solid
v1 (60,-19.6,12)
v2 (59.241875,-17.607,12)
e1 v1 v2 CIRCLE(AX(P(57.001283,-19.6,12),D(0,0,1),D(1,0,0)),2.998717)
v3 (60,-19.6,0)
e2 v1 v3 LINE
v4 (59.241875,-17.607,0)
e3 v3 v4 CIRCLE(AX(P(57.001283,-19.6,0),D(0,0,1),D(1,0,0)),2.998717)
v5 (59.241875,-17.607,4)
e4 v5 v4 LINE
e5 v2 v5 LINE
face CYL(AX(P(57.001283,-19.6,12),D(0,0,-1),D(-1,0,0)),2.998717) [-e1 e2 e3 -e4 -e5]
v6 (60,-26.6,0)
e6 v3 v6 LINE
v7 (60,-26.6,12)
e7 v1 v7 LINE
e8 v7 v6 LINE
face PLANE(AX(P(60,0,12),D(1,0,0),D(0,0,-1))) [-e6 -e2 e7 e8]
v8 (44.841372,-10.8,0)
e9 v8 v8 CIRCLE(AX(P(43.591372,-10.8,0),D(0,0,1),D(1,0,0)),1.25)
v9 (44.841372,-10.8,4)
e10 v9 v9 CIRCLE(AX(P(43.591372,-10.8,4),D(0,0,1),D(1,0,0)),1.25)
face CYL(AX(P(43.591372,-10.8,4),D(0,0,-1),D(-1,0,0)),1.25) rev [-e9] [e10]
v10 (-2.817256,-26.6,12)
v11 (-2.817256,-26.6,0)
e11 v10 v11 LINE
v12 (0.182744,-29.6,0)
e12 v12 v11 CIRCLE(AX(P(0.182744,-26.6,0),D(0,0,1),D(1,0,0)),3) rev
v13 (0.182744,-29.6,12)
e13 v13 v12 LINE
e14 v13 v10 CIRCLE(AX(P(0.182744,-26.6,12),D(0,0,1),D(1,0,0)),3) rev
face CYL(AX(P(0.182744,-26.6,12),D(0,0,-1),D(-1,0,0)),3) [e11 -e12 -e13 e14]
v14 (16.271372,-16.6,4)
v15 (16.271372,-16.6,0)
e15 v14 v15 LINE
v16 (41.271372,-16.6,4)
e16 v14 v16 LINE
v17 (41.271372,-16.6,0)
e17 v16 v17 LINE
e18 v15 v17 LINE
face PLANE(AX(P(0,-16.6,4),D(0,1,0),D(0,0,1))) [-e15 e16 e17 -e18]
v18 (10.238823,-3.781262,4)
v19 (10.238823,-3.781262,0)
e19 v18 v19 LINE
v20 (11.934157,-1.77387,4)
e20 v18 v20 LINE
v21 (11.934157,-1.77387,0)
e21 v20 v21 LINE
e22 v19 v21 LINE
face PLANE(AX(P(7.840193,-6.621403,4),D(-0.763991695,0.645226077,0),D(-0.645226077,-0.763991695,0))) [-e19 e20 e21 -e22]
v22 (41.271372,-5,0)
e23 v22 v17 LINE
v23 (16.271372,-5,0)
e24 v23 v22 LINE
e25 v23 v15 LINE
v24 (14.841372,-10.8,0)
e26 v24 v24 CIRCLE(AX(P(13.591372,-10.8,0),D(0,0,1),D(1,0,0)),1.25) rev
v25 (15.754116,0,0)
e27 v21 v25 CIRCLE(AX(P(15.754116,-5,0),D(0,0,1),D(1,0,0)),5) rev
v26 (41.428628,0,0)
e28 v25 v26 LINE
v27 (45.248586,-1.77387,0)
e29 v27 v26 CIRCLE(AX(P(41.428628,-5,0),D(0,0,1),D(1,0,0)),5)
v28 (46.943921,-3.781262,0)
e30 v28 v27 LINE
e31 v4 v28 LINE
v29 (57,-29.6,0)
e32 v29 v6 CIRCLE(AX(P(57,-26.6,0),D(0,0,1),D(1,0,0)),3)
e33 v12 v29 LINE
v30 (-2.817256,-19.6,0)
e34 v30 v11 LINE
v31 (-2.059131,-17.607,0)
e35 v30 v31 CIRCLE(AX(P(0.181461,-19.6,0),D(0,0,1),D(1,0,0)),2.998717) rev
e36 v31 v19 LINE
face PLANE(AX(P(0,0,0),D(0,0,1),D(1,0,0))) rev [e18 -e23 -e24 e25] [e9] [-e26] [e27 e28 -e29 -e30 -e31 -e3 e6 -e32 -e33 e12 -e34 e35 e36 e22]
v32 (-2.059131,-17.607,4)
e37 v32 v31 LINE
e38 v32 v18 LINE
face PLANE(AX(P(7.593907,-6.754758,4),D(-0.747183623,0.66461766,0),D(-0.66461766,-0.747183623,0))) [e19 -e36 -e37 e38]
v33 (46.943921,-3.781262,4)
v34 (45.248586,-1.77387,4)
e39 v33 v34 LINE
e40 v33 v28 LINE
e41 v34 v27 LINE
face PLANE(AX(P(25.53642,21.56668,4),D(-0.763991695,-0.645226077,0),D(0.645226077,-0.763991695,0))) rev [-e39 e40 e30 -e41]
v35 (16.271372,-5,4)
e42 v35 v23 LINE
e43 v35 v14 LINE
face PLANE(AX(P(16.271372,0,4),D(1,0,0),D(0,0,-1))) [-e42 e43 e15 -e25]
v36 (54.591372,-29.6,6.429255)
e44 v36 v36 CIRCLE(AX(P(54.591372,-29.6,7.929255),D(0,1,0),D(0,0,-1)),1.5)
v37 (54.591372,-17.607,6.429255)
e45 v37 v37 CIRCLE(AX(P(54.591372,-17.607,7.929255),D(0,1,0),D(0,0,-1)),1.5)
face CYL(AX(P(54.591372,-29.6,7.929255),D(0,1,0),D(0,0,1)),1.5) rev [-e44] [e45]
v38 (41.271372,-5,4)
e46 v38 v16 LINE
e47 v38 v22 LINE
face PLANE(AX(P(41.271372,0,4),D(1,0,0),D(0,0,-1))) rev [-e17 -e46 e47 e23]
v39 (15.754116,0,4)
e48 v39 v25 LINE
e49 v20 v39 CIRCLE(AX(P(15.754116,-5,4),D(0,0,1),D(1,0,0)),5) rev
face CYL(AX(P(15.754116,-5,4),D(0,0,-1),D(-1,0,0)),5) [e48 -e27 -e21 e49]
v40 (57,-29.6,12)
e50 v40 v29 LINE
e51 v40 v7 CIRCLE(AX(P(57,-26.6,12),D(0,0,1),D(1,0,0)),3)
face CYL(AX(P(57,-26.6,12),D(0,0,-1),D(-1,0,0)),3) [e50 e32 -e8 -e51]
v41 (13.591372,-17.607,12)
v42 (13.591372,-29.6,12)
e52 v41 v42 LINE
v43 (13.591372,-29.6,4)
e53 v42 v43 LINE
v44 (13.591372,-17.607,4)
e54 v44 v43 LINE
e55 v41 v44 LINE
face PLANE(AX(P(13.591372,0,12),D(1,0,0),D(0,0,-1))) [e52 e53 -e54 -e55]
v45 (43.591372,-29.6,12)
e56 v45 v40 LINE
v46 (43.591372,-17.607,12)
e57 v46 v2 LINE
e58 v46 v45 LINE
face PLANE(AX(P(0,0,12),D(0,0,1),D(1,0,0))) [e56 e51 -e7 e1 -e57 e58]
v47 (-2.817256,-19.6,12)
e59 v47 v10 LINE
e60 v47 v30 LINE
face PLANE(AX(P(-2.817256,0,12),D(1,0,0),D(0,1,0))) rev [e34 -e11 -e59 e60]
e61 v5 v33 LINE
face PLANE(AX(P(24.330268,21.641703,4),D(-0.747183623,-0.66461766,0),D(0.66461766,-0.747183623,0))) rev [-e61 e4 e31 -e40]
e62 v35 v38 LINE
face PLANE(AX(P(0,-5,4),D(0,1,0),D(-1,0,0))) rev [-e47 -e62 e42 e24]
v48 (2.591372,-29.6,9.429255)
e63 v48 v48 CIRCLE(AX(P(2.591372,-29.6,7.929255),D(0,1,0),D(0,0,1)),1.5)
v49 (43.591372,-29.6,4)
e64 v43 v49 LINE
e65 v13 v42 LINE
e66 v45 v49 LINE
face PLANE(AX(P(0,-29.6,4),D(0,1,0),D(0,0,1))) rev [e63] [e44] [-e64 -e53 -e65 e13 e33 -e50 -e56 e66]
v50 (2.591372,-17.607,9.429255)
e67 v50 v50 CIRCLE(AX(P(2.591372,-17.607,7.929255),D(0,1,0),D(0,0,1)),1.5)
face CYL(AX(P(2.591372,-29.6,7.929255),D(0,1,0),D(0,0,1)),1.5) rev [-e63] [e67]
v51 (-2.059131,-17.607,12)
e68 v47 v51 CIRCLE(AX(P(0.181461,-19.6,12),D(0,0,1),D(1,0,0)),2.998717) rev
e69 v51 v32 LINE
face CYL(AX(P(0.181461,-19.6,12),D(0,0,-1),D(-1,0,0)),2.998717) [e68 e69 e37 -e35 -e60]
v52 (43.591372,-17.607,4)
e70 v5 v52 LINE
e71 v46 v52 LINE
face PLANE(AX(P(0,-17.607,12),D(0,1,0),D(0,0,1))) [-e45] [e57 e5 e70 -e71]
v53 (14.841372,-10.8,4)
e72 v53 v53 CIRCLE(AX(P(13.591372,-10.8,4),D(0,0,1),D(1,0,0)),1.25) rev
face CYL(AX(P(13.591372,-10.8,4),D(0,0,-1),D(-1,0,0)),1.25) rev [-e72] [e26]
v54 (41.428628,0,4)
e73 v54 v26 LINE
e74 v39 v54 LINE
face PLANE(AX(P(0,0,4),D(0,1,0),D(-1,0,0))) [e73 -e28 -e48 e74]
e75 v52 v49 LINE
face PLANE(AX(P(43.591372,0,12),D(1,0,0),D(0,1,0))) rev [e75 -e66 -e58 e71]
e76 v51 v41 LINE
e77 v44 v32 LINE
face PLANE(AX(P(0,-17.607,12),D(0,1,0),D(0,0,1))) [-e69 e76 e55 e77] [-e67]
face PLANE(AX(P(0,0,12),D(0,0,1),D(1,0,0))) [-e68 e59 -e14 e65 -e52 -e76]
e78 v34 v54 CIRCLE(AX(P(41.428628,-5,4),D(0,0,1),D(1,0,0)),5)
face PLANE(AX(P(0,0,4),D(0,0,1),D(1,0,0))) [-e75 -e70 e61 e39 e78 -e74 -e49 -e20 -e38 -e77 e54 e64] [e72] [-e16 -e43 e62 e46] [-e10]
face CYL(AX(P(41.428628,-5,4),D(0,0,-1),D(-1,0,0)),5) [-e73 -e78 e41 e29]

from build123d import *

# Parameters (mm, degrees)
SKETCH_1_W          = 25
SKETCH_1_H          = 11.6
SKETCH_1_R          = 1.25
EXTRUDE_2_DEPTH     = 4
EXTRUDE_3_DEPTH     = 12
SKETCH_2_R          = 1.5
CUT_EXTRUDE_1_DEPTH = 64.671080162


with BuildPart() as part:
    # 草图1 → 凸台-拉伸2 (new body)
    with BuildSketch(Plane.XY):
        with BuildLine():
            ThreePointArc((15.754115944, 0), (13.648249367, -0.465099124), (11.934157469, -1.773869616))
            Line((11.934157469, -1.773869616), (10.238822763, -3.781261572))
            Line((10.238822763, -3.781261572), (-2.059131374, -17.607))
            Line((-2.059131374, -17.607), (13.591371981, -17.607))
            Line((13.591371981, -17.607), (13.591371981, -29.6))
            Line((13.591371981, -29.6), (43.591371981, -29.6))
            Line((43.591371981, -29.6), (43.591371981, -17.607))
            Line((43.591371981, -17.607), (59.241875336, -17.607))
            Line((59.241875336, -17.607), (46.9439212, -3.781261572))
            Line((46.9439212, -3.781261572), (45.248586493, -1.773869616))
            ThreePointArc((45.248586493, -1.773869616), (43.534494596, -0.465099124), (41.428628019, 0))
            Line((41.428628019, 0), (15.754115944, 0))
        make_face()
        with Locations((28.771371981, -10.8)):
            Rectangle(SKETCH_1_W, SKETCH_1_H, mode=Mode.SUBTRACT)
        with Locations((13.591371981, -10.8)):
            Circle(SKETCH_1_R, mode=Mode.SUBTRACT)
        with Locations((43.591371981, -10.8)):
            Circle(SKETCH_1_R, mode=Mode.SUBTRACT)
    extrude(amount=EXTRUDE_2_DEPTH)

    # 草图1<4> → 凸台-拉伸3 (add)
    with BuildSketch(Plane.XY):
        with BuildLine():
            Line((13.591371981, -17.607), (-2.059131374, -17.607))
            ThreePointArc((-2.059131374, -17.607), (-2.621323899, -18.533838426), (-2.817256037, -19.6))
            Line((-2.817256037, -19.6), (-2.817256037, -26.6))
            ThreePointArc((-2.817256037, -26.6), (-1.938576381, -28.721320344), (0.182743963, -29.6))
            Line((0.182743963, -29.6), (13.591371981, -29.6))
            Line((13.591371981, -29.6), (13.591371981, -17.607))
        make_face()
        with BuildLine():
            ThreePointArc((60, -19.6), (59.804067862, -18.533838426), (59.241875336, -17.607))
            Line((59.241875336, -17.607), (43.591371981, -17.607))
            Line((43.591371981, -17.607), (43.591371981, -29.6))
            Line((43.591371981, -29.6), (57, -29.6))
            ThreePointArc((57, -29.6), (59.121320344, -28.721320344), (60, -26.6))
            Line((60, -26.6), (60, -19.6))
        make_face()
    extrude(amount=EXTRUDE_3_DEPTH)

    # 草图2 → 切除-拉伸1 (cut, through all)
    with BuildSketch(Plane(origin=(0, -17.607, 0), x_dir=(1, 0, 0), z_dir=(0, 1, 0))):
        with Locations((2.591371981, -7.929255465)):
            Circle(SKETCH_2_R)
        with Locations((54.591371981, -7.929255465)):
            Circle(SKETCH_2_R)
    extrude(amount=-CUT_EXTRUDE_1_DEPTH, mode=Mode.SUBTRACT)


solid = part.part
